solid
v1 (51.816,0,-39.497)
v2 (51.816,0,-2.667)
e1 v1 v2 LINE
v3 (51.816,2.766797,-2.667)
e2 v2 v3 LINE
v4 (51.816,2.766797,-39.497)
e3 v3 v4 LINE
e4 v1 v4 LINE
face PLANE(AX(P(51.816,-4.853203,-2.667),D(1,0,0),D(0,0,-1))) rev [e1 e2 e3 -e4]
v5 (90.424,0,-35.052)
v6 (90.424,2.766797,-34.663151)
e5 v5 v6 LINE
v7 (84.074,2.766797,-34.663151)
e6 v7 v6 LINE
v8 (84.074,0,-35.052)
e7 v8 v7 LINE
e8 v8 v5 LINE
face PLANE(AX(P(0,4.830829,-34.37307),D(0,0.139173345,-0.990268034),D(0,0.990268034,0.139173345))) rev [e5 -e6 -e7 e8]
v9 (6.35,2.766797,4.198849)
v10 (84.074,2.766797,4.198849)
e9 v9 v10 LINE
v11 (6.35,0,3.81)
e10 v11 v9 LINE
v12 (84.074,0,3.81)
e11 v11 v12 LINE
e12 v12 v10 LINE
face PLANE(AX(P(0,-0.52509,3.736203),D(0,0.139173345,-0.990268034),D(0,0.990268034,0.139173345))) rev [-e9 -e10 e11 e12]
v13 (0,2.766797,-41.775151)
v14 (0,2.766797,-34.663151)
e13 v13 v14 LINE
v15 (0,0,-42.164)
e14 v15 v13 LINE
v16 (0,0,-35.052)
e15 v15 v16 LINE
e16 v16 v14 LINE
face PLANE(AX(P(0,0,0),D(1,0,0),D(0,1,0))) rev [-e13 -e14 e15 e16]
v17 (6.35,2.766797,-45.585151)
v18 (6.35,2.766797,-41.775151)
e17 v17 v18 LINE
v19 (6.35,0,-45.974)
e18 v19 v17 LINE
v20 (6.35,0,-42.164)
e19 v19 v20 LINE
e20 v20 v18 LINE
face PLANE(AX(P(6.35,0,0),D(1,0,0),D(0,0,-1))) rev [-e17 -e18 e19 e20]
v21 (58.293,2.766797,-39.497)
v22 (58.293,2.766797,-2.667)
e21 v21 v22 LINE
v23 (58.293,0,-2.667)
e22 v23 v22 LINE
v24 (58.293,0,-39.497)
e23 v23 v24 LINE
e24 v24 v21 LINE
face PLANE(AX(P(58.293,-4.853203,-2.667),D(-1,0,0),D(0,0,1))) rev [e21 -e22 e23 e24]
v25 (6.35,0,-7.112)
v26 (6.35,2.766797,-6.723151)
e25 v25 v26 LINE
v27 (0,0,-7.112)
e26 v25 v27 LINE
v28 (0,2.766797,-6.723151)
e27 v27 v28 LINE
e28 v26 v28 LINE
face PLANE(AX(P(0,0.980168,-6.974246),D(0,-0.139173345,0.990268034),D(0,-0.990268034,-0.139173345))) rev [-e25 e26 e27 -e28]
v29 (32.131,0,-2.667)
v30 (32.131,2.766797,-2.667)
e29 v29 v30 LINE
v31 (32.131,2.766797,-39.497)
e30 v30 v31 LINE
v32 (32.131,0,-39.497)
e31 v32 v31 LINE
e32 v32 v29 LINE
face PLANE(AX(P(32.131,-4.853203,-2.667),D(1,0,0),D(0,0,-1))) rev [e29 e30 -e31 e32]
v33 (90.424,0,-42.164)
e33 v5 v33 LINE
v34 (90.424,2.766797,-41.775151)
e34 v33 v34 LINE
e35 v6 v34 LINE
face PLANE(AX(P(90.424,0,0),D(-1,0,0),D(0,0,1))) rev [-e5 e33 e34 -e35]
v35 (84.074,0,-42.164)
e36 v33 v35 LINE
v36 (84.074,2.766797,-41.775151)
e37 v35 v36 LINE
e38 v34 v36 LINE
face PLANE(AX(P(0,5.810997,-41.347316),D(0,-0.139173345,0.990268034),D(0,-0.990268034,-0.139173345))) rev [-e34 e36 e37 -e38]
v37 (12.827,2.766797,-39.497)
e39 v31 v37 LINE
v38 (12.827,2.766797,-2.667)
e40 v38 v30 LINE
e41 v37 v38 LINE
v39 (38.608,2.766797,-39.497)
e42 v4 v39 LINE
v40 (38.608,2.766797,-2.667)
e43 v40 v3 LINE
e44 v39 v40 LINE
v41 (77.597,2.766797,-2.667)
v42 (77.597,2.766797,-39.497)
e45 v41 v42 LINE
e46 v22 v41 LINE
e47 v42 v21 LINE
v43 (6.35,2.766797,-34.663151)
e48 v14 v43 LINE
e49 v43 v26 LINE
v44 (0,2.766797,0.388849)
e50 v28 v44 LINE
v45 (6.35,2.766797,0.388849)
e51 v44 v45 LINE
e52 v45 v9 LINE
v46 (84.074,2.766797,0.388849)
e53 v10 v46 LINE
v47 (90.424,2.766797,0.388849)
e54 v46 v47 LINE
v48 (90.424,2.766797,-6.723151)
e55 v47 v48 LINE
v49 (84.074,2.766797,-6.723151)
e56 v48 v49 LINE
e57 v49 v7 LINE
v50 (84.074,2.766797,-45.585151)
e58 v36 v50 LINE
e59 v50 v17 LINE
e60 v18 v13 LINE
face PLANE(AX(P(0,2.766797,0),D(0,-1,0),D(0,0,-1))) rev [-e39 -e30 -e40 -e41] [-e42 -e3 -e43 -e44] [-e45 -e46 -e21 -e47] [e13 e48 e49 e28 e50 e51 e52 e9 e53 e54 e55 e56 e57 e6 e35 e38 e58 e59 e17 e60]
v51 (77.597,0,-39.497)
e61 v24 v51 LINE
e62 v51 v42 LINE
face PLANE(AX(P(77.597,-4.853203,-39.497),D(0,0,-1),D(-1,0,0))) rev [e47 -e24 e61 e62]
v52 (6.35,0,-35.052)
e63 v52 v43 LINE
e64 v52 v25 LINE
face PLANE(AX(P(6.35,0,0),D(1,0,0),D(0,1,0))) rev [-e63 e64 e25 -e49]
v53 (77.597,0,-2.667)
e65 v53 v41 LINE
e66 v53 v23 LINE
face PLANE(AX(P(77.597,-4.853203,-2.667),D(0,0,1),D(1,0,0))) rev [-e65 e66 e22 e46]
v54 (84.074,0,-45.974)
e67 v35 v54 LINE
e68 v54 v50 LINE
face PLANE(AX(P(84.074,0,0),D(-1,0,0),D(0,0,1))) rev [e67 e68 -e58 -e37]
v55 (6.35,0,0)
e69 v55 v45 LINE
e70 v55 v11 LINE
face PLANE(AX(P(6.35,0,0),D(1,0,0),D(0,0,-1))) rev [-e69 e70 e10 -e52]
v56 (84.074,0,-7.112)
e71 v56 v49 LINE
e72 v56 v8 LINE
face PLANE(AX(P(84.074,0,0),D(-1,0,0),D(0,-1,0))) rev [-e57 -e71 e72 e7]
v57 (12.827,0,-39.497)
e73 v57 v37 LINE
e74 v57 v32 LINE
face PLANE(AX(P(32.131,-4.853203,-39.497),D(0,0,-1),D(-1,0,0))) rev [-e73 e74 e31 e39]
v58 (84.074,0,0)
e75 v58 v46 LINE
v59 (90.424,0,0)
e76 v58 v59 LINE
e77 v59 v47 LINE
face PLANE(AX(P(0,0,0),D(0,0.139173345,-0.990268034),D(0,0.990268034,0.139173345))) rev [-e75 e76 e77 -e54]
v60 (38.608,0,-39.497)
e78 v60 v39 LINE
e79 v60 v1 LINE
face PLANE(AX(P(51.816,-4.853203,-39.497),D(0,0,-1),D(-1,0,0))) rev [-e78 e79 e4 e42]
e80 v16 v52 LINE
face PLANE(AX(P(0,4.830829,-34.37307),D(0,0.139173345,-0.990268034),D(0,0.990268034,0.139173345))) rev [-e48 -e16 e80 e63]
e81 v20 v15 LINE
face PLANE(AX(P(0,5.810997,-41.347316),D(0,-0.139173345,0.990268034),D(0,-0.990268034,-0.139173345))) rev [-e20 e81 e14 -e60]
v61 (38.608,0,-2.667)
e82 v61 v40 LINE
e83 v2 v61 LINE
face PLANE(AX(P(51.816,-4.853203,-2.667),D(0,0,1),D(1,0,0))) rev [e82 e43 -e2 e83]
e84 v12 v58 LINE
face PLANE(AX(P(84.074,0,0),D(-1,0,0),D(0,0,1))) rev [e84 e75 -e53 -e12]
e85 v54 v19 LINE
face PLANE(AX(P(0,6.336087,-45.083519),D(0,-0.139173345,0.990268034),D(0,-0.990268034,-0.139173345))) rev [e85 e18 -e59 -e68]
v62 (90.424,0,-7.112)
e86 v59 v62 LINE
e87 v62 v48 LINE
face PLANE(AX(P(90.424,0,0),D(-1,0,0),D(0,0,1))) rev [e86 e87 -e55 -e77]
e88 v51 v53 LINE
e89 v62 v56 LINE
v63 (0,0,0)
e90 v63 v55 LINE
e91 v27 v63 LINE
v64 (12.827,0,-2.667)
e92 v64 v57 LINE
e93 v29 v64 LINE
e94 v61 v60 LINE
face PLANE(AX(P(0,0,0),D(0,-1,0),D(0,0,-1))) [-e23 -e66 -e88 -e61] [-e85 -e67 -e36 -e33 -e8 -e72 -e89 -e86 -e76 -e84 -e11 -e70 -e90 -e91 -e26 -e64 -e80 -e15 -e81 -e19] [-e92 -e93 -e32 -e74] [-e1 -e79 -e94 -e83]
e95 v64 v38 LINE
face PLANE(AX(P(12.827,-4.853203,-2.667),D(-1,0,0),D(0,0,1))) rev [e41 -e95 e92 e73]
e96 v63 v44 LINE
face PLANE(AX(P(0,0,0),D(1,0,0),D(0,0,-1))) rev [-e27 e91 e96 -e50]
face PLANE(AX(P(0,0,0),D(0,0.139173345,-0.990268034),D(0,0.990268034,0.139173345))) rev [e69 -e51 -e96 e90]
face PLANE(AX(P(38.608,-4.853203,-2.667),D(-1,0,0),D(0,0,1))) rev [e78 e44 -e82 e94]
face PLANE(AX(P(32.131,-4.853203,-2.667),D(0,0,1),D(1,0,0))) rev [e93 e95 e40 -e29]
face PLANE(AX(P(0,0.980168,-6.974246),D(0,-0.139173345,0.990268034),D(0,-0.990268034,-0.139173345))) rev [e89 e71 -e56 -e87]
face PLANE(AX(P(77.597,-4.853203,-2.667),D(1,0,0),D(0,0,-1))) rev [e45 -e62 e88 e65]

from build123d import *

# Parameters (mm, degrees)
SKETCH4_W          = 13.208
SKETCH4_H          = 36.83
SKETCH4_W_2        = 19.304
CUT_EXTRUDE1_DEPTH = 7.62


with BuildPart() as part:
    # Sketch1 → Loft1 section 0
    with BuildSketch(Plane(origin=(0, 0, 0), x_dir=(1, 0, 0), z_dir=(0, 1, 0))):
        with BuildLine():
            Line((0, 7.112), (6.35, 7.112))
            Line((6.35, 7.112), (6.35, 35.052))
            Line((6.35, 35.052), (0, 35.052))
            Line((0, 35.052), (0, 42.164))
            Line((0, 42.164), (6.35, 42.164))
            Line((6.35, 42.164), (6.35, 45.974))
            Line((6.35, 45.974), (84.074, 45.974))
            Line((84.074, 45.974), (84.074, 42.164))
            Line((84.074, 42.164), (90.424, 42.164))
            Line((90.424, 42.164), (90.424, 35.052))
            Line((90.424, 35.052), (84.074, 35.052))
            Line((84.074, 35.052), (84.074, 7.112))
            Line((84.074, 7.112), (90.424, 7.112))
            Line((90.424, 7.112), (90.424, 0))
            Line((90.424, 0), (84.074, 0))
            Line((84.074, 0), (84.074, -3.81))
            Line((84.074, -3.81), (6.35, -3.81))
            Line((6.35, -3.81), (6.35, 0))
            Line((6.35, 0), (0, 0))
            Line((0, 0), (0, 7.112))
        make_face()
    # Sketch2 → Loft1 section 1
    with BuildSketch(Plane(origin=(0, 2.7667966, 0), x_dir=(1, 0, 0), z_dir=(0, 1, 0))):
        with BuildLine():
            Line((90.424, -0.3888486), (90.424, 6.7231514))
            Line((90.424, 6.7231514), (84.074, 6.7231514))
            Line((84.074, 6.7231514), (84.074, 34.6631514))
            Line((84.074, 34.6631514), (90.424, 34.6631514))
            Line((90.424, 34.6631514), (90.424, 41.7751514))
            Line((90.424, 41.7751514), (84.074, 41.7751514))
            Line((84.074, 41.7751514), (84.074, 45.5851514))
            Line((84.074, 45.5851514), (6.35, 45.5851514))
            Line((6.35, 45.5851514), (6.35, 41.7751514))
            Line((6.35, 41.7751514), (0, 41.7751514))
            Line((0, 41.7751514), (0, 34.6631514))
            Line((0, 34.6631514), (6.35, 34.6631514))
            Line((6.35, 34.6631514), (6.35, 6.7231514))
            Line((6.35, 6.7231514), (0, 6.7231514))
            Line((0, 6.7231514), (0, -0.3888486))
            Line((0, -0.3888486), (6.35, -0.3888486))
            Line((6.35, -0.3888486), (6.35, -4.1988486))
            Line((6.35, -4.1988486), (84.074, -4.1988486))
            Line((84.074, -4.1988486), (84.074, -0.3888486))
            Line((84.074, -0.3888486), (90.424, -0.3888486))
        make_face()
    loft()

    # Sketch4 → Cut-Extrude1 (cut)
    with BuildSketch(Plane(origin=(0, 2.7667966, 0), x_dir=(1, 0, 0), z_dir=(0, 1, 0))):
        with Locations((45.212, 21.082)):
            Rectangle(SKETCH4_W, SKETCH4_H)
        with Locations((22.479, 21.082)):
            Rectangle(SKETCH4_W_2, SKETCH4_H)
        with Locations((67.945, 21.082)):
            Rectangle(SKETCH4_W_2, SKETCH4_H)
    extrude(amount=-CUT_EXTRUDE1_DEPTH, mode=Mode.SUBTRACT)


solid = part.part
